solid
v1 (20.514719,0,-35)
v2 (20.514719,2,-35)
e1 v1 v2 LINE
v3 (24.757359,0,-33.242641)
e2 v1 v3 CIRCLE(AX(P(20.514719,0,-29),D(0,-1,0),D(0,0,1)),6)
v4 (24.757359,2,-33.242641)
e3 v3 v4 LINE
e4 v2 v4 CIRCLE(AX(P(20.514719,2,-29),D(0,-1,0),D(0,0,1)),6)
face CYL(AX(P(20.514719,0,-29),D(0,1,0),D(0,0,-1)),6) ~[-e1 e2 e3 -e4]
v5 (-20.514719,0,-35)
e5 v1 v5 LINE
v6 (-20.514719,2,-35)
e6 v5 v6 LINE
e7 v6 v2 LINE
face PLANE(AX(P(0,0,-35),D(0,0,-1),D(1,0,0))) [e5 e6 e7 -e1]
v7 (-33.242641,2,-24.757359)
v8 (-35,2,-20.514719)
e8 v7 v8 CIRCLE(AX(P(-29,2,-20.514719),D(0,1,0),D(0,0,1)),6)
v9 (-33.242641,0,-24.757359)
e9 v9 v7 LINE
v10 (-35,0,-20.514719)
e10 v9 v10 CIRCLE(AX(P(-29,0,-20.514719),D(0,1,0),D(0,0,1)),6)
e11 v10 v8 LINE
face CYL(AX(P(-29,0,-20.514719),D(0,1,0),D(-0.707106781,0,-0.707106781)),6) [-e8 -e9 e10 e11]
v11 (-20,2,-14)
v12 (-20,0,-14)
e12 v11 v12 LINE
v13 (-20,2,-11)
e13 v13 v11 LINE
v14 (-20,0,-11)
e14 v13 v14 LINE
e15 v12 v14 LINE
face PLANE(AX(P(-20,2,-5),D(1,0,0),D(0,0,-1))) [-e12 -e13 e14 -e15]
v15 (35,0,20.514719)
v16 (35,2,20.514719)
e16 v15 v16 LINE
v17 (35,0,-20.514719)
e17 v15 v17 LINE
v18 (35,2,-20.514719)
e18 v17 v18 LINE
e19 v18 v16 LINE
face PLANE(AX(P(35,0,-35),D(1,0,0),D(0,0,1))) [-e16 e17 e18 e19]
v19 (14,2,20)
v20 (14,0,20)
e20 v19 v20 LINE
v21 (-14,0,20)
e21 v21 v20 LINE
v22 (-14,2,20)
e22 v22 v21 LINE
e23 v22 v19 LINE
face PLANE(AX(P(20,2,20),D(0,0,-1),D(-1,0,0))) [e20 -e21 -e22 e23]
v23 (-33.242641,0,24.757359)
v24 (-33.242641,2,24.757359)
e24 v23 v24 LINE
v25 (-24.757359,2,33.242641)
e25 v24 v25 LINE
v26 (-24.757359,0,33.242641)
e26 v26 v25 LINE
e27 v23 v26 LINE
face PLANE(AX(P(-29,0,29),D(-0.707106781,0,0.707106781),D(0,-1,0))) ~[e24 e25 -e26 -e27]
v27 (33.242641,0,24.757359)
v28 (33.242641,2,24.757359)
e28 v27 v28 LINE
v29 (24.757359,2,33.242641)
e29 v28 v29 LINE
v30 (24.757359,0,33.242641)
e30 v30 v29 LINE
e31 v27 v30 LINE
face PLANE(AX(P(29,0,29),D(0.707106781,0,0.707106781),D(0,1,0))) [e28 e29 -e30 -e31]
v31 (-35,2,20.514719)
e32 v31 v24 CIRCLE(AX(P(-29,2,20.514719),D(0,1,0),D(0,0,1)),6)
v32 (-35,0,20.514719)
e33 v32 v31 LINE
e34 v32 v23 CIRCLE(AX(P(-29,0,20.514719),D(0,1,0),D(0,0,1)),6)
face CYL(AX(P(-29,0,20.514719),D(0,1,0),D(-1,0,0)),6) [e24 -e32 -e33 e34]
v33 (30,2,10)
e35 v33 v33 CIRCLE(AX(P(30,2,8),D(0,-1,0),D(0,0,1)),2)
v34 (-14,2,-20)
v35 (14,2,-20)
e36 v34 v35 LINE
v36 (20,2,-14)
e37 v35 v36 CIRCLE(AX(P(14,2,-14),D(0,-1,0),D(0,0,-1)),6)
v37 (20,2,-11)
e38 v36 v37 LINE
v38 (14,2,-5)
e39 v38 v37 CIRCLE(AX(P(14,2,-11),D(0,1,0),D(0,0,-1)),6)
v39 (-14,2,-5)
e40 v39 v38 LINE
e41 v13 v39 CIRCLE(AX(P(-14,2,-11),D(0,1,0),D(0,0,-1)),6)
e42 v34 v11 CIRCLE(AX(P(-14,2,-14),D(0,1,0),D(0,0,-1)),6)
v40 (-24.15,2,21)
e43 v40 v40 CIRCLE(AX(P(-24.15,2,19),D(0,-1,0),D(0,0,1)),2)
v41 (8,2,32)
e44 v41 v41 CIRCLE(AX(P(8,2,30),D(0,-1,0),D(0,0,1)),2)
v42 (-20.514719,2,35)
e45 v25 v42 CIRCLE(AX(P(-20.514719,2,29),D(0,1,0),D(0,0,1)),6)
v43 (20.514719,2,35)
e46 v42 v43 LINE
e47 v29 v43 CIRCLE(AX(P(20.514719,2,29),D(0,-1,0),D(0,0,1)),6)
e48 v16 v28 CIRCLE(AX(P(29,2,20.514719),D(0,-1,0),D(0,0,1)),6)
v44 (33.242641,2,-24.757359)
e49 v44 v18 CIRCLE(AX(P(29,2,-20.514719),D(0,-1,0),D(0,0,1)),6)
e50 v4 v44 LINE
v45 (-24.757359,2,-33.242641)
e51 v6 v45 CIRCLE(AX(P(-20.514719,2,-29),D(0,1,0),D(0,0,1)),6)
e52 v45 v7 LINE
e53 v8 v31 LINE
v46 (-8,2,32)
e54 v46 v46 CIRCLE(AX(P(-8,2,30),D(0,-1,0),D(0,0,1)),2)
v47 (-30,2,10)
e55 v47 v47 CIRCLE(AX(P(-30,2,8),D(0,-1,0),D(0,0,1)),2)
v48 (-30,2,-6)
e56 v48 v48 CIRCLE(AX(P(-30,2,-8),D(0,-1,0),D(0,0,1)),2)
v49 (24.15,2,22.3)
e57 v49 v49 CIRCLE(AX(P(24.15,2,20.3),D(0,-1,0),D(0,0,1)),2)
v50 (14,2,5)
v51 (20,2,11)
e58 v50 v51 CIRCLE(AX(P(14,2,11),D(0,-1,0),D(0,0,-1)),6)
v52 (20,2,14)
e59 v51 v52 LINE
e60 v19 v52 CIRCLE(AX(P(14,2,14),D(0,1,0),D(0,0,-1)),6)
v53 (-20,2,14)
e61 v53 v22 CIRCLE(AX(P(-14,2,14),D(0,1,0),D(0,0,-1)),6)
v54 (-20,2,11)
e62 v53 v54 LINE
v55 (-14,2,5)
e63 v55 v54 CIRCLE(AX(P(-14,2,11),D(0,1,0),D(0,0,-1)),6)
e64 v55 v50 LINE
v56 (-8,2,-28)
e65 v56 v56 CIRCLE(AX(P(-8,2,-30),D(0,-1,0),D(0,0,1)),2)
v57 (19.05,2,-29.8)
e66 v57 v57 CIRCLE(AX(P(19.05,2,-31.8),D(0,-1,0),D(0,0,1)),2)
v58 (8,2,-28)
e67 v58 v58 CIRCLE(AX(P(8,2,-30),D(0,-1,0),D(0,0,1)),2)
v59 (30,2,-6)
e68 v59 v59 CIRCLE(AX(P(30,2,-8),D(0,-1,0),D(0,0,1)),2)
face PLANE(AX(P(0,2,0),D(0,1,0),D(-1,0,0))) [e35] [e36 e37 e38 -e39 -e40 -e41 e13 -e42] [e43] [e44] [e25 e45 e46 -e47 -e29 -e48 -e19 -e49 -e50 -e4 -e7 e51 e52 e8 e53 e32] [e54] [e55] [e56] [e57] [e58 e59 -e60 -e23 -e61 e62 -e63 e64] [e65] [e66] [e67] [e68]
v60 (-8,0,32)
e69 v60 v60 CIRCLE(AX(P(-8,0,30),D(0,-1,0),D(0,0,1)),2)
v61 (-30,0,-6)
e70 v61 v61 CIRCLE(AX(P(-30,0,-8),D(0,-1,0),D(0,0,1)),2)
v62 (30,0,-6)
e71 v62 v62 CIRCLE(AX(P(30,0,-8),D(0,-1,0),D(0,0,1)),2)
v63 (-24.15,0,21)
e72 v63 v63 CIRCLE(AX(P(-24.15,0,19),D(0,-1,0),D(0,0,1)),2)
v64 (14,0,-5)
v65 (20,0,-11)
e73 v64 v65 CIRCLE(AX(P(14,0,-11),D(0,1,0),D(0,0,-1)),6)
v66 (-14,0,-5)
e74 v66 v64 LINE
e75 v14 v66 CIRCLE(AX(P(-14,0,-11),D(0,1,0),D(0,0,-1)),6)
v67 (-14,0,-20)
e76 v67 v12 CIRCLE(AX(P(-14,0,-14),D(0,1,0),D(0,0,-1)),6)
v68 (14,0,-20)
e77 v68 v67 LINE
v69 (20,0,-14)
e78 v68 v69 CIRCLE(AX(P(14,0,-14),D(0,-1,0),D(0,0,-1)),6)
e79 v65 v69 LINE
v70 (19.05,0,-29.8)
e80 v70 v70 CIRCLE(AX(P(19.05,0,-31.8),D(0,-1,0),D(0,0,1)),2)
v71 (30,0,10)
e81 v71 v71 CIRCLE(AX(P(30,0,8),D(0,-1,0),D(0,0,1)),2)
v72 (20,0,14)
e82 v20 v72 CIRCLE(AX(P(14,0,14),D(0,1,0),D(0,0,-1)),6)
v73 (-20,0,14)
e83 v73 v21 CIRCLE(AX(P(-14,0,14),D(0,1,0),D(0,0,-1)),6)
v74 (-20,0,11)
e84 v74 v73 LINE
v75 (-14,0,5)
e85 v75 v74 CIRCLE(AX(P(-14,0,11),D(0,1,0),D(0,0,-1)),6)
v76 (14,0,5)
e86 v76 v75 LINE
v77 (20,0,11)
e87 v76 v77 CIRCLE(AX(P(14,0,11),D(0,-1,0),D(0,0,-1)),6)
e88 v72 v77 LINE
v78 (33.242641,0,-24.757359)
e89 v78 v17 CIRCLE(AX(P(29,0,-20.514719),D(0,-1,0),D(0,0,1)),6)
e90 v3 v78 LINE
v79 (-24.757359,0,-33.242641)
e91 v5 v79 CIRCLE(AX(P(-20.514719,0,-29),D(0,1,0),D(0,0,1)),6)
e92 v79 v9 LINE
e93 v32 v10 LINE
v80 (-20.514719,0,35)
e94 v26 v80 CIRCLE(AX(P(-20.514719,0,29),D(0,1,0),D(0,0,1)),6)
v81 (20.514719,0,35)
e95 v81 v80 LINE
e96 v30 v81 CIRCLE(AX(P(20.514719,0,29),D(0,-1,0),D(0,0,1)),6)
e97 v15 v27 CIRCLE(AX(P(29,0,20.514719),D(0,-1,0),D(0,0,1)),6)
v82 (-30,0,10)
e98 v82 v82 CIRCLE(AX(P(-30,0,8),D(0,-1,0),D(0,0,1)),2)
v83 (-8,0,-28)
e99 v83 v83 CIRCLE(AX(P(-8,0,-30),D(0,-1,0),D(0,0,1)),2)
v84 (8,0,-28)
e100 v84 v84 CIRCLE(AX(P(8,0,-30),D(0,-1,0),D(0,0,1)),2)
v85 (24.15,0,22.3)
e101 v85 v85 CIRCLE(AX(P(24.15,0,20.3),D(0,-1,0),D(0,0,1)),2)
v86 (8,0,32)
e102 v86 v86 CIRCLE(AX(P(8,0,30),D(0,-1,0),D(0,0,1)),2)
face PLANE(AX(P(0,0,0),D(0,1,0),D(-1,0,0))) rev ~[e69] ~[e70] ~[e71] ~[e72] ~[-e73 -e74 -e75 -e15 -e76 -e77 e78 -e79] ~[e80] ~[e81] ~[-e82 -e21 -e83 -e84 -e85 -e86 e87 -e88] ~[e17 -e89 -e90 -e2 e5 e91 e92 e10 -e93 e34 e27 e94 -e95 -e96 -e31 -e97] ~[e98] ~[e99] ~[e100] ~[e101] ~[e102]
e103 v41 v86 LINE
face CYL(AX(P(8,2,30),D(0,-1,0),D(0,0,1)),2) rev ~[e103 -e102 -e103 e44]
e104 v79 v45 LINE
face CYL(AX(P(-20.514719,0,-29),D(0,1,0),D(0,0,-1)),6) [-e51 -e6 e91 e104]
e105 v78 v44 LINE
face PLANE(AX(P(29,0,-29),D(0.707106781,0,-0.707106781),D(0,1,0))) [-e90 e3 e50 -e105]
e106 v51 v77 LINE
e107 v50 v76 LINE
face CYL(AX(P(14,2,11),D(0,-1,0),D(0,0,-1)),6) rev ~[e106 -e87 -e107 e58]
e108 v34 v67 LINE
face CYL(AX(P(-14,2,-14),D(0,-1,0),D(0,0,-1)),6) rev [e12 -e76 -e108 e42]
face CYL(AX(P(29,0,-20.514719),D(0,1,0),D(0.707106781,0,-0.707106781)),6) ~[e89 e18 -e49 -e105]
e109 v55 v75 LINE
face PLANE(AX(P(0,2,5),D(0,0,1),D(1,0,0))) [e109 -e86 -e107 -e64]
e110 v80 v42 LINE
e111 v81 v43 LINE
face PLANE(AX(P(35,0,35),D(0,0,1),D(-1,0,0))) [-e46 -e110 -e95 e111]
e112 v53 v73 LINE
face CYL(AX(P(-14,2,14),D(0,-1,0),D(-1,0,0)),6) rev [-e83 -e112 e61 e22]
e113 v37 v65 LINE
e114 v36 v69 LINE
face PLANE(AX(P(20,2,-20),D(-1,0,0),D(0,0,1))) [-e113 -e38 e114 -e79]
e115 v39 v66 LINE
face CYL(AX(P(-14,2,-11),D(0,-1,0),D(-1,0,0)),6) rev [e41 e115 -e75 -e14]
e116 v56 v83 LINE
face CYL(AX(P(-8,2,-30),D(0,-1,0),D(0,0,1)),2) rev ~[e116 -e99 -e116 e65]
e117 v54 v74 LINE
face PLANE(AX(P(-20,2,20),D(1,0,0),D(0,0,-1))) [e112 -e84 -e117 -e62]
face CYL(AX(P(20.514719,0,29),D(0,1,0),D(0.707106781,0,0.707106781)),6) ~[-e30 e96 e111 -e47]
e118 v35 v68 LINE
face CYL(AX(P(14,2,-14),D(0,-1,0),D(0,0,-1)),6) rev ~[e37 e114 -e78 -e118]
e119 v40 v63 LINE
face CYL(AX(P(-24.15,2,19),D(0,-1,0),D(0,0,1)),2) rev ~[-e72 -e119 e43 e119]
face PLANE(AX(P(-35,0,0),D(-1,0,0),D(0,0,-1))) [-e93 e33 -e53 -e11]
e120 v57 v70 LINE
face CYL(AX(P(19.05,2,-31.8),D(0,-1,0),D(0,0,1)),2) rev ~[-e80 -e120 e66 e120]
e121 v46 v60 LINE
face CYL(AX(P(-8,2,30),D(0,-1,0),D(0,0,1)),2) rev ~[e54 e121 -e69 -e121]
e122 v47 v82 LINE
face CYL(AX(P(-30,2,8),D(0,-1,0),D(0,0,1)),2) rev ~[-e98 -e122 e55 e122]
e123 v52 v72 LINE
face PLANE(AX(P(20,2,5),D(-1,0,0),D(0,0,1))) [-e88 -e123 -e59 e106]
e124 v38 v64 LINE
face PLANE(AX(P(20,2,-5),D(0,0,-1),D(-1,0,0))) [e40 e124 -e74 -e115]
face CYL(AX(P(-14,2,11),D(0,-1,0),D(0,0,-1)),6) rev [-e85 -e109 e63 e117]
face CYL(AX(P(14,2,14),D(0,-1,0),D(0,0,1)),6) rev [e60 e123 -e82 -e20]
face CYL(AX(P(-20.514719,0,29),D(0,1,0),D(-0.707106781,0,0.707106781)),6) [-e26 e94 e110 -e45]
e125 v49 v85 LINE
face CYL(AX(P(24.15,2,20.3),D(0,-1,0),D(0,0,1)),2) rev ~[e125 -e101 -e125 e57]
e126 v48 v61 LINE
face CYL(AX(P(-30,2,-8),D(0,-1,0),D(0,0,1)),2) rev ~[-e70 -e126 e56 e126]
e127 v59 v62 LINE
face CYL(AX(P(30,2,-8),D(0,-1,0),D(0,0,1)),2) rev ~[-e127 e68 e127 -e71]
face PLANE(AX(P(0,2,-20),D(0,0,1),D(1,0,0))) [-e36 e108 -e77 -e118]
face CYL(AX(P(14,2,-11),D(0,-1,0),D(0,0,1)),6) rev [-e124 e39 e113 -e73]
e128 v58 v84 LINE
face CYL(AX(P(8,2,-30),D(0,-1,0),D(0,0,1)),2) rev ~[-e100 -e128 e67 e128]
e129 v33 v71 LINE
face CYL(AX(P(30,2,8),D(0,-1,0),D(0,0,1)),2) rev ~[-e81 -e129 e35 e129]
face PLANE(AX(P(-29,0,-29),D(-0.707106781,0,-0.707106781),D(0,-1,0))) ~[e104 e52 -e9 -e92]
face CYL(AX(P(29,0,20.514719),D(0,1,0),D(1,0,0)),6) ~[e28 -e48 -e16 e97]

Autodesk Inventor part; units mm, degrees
ref_plane "YZ Plane" through (0, 0, 0) normal (1, 0, 0) x (0, 1, 0)
ref_plane "XZ Plane" through (0, 0, 0) normal (0, 1, 0) x (-1, 0, 0)
ref_plane "XY Plane" through (0, 0, 0) normal (0, 0, 1) x (1, 0, 0)
sketch "Sketch23" plane through (0, 0, 0) normal (0, 1, 0) x (-1, 0, 0)
  line L0 (0, -49) -> (0, 49) projected
  line L1 (49, 0) -> (-49, 0) projected
  line L2 (35, -35) -> (-35, -35)
  line L3 (-35, -35) -> (-35, 35)
  line L4 (-35, 35) -> (35, 35)
  line L5 (35, 35) -> (35, -35)
  point P0 (0, 0)
  dimension "d310" = 70
  dimension "d311" = 70
extrude "Extrusion14" add sketch "Sketch23" along normal blind 2
sketch "Sketch37" plane through (0, 2, 0) normal (0, 1, 0) x (1, 0, 0)
  line L0 (-35, -35) -> (35, -35) projected
  line L1 (35, -35) -> (35, 35) projected
  line L2 (35, 35) -> (-35, 35) projected
  line L3 (-35, 35) -> (-35, -35) projected
  line L4 (-49, 0) -> (49, 0) projected
  line L5 (0, 49) -> (0, -49) projected
  line L6 (-26.65, 34.3) -> (26.65, 34.3) construction
  line L7 (26.65, 34.3) -> (26.65, -34.3) construction
  line L8 (26.65, -34.3) -> (-26.65, -34.3) construction
  line L9 (-26.65, -34.3) -> (-26.65, 34.3) construction
  point P0 (-24.15, -19)
  point P1 (24.15, -20.3)
  point P2 (19.05, 31.8)
  dimension "d327" = 68.6
  dimension "d328" = 53.3
  dimension "d329" = 15.3
  dimension "d330" = 14
  dimension "d331" = 2.5
  dimension "d332" = 2.5
  dimension "d333" = 2.5
  dimension "d334" = 7.6
hole "Hole18" at (-24.15, 2, 19) at (24.15, 2, 20.3) at (19.05, 2, -31.8) direction (0, -1, 0) diameter 4 end through all
sketch "Sketch40" plane through (0, 2, 0) normal (0, 1, 0) x (1, 0, 0)
  circle A0 centre (19.05, 31.8) radius 2 projected
  circle A1 centre (-24.15, -19) radius 2 projected
  circle A2 centre (24.15, -20.3) radius 2 projected
  line L0 (35, 35) -> (-35, 35) projected
  line L1 (-35, 35) -> (-35, -35) projected
  line L2 (-35, -35) -> (35, -35) projected
  line L3 (35, -35) -> (35, 35) projected
  line L4 (-49, 0) -> (49, 0) projected
  line L5 (0, 49) -> (0, -49) projected
  point P0 (0, 0)
  point P1 (8, 30)
  point P2 (30, 8)
  point P3 (30, -8)
  point P4 (-30, 8)
  point P5 (-30, -8)
  point P6 (-8, -30)
  point P7 (8, -30)
  point P8 (-8, 30)
  dimension "d445" = 8
  dimension "d446" = 5
  dimension "d447" = 8
  dimension "d448" = 5
  dimension "d449" = 8
  dimension "d450" = 5
  dimension "d458" = 8
  dimension "d459" = 8
  dimension "d460" = 5
  dimension "d461" = 5
  dimension "d462" = 5
  dimension "d463" = 8
  dimension "d464" = 8
  dimension "d465" = 5
  dimension "d478" = 8
  dimension "d479" = 5
sketch "Sketch41" plane through (0, 2, 0) normal (0, 1, 0) x (1, 0, 0)
  circle A0 centre (19.05, 31.8) radius 2 projected
  circle A1 centre (-24.15, -19) radius 2 projected
  circle A2 centre (24.15, -20.3) radius 2 projected
  line L0 (35, 35) -> (-35, 35) projected
  line L1 (-35, 35) -> (-35, -35) projected
  line L2 (-35, -35) -> (35, -35) projected
  line L3 (35, -35) -> (35, 35) projected
  line L4 (-49, 0) -> (49, 0) projected
  line L5 (0, 49) -> (0, -49) projected
  line L6 (-20, 20) -> (20, 20)
  line L7 (20, 20) -> (20, 5)
  line L8 (20, 5) -> (-20, 5)
  line L9 (-20, 5) -> (-20, 20)
  line L10 (-20, -5) -> (20, -5)
  line L11 (20, -5) -> (20, -20)
  line L12 (20, -20) -> (-20, -20)
  line L13 (-20, -20) -> (-20, -5)
  dimension "d467" = 10
  dimension "d468" = 40
  dimension "d480" = 15
  dimension "d481" = 15
hole "Hole21" at (8, 2, -30) at (30, 2, -8) at (30, 2, 8) at (-30, 2, -8) at (-30, 2, 8) at (-8, 2, 30) at (8, 2, 30) at (-8, 2, -30) direction (0, -1, 0) diameter 4 end through all
extrude "Extrusion25" cut sketch "Sketch41" against normal up to next contours L6 L7 L8 L5 | L5 L8 L9 L6 | L10 L11 L12 L5 | L5 L12 L13 L10
fillet "Fillet26" radius 6 8 edges at (20, 1, -20) (-20, 1, -20) (-20, 1, -5) (20, 1, -5) (20, 1, 5) (20, 1, 20) (-20, 1, 20) (-20, 1, 5)
chamfer "Chamfer10" distance 12 angle 45 4 edges at (-35, 1, 35) (35, 1, 35) (35, 1, -35) (-35, 1, -35)
fillet "Fillet27" radius 6 8 edges at (-23, 1, 35) (-35, 1, 23) (-35, 1, -23) (-23, 1, -35) (23, 1, -35) (35, 1, -23) (23, 1, 35) (35, 1, 23)
properties part number "body_plate"
